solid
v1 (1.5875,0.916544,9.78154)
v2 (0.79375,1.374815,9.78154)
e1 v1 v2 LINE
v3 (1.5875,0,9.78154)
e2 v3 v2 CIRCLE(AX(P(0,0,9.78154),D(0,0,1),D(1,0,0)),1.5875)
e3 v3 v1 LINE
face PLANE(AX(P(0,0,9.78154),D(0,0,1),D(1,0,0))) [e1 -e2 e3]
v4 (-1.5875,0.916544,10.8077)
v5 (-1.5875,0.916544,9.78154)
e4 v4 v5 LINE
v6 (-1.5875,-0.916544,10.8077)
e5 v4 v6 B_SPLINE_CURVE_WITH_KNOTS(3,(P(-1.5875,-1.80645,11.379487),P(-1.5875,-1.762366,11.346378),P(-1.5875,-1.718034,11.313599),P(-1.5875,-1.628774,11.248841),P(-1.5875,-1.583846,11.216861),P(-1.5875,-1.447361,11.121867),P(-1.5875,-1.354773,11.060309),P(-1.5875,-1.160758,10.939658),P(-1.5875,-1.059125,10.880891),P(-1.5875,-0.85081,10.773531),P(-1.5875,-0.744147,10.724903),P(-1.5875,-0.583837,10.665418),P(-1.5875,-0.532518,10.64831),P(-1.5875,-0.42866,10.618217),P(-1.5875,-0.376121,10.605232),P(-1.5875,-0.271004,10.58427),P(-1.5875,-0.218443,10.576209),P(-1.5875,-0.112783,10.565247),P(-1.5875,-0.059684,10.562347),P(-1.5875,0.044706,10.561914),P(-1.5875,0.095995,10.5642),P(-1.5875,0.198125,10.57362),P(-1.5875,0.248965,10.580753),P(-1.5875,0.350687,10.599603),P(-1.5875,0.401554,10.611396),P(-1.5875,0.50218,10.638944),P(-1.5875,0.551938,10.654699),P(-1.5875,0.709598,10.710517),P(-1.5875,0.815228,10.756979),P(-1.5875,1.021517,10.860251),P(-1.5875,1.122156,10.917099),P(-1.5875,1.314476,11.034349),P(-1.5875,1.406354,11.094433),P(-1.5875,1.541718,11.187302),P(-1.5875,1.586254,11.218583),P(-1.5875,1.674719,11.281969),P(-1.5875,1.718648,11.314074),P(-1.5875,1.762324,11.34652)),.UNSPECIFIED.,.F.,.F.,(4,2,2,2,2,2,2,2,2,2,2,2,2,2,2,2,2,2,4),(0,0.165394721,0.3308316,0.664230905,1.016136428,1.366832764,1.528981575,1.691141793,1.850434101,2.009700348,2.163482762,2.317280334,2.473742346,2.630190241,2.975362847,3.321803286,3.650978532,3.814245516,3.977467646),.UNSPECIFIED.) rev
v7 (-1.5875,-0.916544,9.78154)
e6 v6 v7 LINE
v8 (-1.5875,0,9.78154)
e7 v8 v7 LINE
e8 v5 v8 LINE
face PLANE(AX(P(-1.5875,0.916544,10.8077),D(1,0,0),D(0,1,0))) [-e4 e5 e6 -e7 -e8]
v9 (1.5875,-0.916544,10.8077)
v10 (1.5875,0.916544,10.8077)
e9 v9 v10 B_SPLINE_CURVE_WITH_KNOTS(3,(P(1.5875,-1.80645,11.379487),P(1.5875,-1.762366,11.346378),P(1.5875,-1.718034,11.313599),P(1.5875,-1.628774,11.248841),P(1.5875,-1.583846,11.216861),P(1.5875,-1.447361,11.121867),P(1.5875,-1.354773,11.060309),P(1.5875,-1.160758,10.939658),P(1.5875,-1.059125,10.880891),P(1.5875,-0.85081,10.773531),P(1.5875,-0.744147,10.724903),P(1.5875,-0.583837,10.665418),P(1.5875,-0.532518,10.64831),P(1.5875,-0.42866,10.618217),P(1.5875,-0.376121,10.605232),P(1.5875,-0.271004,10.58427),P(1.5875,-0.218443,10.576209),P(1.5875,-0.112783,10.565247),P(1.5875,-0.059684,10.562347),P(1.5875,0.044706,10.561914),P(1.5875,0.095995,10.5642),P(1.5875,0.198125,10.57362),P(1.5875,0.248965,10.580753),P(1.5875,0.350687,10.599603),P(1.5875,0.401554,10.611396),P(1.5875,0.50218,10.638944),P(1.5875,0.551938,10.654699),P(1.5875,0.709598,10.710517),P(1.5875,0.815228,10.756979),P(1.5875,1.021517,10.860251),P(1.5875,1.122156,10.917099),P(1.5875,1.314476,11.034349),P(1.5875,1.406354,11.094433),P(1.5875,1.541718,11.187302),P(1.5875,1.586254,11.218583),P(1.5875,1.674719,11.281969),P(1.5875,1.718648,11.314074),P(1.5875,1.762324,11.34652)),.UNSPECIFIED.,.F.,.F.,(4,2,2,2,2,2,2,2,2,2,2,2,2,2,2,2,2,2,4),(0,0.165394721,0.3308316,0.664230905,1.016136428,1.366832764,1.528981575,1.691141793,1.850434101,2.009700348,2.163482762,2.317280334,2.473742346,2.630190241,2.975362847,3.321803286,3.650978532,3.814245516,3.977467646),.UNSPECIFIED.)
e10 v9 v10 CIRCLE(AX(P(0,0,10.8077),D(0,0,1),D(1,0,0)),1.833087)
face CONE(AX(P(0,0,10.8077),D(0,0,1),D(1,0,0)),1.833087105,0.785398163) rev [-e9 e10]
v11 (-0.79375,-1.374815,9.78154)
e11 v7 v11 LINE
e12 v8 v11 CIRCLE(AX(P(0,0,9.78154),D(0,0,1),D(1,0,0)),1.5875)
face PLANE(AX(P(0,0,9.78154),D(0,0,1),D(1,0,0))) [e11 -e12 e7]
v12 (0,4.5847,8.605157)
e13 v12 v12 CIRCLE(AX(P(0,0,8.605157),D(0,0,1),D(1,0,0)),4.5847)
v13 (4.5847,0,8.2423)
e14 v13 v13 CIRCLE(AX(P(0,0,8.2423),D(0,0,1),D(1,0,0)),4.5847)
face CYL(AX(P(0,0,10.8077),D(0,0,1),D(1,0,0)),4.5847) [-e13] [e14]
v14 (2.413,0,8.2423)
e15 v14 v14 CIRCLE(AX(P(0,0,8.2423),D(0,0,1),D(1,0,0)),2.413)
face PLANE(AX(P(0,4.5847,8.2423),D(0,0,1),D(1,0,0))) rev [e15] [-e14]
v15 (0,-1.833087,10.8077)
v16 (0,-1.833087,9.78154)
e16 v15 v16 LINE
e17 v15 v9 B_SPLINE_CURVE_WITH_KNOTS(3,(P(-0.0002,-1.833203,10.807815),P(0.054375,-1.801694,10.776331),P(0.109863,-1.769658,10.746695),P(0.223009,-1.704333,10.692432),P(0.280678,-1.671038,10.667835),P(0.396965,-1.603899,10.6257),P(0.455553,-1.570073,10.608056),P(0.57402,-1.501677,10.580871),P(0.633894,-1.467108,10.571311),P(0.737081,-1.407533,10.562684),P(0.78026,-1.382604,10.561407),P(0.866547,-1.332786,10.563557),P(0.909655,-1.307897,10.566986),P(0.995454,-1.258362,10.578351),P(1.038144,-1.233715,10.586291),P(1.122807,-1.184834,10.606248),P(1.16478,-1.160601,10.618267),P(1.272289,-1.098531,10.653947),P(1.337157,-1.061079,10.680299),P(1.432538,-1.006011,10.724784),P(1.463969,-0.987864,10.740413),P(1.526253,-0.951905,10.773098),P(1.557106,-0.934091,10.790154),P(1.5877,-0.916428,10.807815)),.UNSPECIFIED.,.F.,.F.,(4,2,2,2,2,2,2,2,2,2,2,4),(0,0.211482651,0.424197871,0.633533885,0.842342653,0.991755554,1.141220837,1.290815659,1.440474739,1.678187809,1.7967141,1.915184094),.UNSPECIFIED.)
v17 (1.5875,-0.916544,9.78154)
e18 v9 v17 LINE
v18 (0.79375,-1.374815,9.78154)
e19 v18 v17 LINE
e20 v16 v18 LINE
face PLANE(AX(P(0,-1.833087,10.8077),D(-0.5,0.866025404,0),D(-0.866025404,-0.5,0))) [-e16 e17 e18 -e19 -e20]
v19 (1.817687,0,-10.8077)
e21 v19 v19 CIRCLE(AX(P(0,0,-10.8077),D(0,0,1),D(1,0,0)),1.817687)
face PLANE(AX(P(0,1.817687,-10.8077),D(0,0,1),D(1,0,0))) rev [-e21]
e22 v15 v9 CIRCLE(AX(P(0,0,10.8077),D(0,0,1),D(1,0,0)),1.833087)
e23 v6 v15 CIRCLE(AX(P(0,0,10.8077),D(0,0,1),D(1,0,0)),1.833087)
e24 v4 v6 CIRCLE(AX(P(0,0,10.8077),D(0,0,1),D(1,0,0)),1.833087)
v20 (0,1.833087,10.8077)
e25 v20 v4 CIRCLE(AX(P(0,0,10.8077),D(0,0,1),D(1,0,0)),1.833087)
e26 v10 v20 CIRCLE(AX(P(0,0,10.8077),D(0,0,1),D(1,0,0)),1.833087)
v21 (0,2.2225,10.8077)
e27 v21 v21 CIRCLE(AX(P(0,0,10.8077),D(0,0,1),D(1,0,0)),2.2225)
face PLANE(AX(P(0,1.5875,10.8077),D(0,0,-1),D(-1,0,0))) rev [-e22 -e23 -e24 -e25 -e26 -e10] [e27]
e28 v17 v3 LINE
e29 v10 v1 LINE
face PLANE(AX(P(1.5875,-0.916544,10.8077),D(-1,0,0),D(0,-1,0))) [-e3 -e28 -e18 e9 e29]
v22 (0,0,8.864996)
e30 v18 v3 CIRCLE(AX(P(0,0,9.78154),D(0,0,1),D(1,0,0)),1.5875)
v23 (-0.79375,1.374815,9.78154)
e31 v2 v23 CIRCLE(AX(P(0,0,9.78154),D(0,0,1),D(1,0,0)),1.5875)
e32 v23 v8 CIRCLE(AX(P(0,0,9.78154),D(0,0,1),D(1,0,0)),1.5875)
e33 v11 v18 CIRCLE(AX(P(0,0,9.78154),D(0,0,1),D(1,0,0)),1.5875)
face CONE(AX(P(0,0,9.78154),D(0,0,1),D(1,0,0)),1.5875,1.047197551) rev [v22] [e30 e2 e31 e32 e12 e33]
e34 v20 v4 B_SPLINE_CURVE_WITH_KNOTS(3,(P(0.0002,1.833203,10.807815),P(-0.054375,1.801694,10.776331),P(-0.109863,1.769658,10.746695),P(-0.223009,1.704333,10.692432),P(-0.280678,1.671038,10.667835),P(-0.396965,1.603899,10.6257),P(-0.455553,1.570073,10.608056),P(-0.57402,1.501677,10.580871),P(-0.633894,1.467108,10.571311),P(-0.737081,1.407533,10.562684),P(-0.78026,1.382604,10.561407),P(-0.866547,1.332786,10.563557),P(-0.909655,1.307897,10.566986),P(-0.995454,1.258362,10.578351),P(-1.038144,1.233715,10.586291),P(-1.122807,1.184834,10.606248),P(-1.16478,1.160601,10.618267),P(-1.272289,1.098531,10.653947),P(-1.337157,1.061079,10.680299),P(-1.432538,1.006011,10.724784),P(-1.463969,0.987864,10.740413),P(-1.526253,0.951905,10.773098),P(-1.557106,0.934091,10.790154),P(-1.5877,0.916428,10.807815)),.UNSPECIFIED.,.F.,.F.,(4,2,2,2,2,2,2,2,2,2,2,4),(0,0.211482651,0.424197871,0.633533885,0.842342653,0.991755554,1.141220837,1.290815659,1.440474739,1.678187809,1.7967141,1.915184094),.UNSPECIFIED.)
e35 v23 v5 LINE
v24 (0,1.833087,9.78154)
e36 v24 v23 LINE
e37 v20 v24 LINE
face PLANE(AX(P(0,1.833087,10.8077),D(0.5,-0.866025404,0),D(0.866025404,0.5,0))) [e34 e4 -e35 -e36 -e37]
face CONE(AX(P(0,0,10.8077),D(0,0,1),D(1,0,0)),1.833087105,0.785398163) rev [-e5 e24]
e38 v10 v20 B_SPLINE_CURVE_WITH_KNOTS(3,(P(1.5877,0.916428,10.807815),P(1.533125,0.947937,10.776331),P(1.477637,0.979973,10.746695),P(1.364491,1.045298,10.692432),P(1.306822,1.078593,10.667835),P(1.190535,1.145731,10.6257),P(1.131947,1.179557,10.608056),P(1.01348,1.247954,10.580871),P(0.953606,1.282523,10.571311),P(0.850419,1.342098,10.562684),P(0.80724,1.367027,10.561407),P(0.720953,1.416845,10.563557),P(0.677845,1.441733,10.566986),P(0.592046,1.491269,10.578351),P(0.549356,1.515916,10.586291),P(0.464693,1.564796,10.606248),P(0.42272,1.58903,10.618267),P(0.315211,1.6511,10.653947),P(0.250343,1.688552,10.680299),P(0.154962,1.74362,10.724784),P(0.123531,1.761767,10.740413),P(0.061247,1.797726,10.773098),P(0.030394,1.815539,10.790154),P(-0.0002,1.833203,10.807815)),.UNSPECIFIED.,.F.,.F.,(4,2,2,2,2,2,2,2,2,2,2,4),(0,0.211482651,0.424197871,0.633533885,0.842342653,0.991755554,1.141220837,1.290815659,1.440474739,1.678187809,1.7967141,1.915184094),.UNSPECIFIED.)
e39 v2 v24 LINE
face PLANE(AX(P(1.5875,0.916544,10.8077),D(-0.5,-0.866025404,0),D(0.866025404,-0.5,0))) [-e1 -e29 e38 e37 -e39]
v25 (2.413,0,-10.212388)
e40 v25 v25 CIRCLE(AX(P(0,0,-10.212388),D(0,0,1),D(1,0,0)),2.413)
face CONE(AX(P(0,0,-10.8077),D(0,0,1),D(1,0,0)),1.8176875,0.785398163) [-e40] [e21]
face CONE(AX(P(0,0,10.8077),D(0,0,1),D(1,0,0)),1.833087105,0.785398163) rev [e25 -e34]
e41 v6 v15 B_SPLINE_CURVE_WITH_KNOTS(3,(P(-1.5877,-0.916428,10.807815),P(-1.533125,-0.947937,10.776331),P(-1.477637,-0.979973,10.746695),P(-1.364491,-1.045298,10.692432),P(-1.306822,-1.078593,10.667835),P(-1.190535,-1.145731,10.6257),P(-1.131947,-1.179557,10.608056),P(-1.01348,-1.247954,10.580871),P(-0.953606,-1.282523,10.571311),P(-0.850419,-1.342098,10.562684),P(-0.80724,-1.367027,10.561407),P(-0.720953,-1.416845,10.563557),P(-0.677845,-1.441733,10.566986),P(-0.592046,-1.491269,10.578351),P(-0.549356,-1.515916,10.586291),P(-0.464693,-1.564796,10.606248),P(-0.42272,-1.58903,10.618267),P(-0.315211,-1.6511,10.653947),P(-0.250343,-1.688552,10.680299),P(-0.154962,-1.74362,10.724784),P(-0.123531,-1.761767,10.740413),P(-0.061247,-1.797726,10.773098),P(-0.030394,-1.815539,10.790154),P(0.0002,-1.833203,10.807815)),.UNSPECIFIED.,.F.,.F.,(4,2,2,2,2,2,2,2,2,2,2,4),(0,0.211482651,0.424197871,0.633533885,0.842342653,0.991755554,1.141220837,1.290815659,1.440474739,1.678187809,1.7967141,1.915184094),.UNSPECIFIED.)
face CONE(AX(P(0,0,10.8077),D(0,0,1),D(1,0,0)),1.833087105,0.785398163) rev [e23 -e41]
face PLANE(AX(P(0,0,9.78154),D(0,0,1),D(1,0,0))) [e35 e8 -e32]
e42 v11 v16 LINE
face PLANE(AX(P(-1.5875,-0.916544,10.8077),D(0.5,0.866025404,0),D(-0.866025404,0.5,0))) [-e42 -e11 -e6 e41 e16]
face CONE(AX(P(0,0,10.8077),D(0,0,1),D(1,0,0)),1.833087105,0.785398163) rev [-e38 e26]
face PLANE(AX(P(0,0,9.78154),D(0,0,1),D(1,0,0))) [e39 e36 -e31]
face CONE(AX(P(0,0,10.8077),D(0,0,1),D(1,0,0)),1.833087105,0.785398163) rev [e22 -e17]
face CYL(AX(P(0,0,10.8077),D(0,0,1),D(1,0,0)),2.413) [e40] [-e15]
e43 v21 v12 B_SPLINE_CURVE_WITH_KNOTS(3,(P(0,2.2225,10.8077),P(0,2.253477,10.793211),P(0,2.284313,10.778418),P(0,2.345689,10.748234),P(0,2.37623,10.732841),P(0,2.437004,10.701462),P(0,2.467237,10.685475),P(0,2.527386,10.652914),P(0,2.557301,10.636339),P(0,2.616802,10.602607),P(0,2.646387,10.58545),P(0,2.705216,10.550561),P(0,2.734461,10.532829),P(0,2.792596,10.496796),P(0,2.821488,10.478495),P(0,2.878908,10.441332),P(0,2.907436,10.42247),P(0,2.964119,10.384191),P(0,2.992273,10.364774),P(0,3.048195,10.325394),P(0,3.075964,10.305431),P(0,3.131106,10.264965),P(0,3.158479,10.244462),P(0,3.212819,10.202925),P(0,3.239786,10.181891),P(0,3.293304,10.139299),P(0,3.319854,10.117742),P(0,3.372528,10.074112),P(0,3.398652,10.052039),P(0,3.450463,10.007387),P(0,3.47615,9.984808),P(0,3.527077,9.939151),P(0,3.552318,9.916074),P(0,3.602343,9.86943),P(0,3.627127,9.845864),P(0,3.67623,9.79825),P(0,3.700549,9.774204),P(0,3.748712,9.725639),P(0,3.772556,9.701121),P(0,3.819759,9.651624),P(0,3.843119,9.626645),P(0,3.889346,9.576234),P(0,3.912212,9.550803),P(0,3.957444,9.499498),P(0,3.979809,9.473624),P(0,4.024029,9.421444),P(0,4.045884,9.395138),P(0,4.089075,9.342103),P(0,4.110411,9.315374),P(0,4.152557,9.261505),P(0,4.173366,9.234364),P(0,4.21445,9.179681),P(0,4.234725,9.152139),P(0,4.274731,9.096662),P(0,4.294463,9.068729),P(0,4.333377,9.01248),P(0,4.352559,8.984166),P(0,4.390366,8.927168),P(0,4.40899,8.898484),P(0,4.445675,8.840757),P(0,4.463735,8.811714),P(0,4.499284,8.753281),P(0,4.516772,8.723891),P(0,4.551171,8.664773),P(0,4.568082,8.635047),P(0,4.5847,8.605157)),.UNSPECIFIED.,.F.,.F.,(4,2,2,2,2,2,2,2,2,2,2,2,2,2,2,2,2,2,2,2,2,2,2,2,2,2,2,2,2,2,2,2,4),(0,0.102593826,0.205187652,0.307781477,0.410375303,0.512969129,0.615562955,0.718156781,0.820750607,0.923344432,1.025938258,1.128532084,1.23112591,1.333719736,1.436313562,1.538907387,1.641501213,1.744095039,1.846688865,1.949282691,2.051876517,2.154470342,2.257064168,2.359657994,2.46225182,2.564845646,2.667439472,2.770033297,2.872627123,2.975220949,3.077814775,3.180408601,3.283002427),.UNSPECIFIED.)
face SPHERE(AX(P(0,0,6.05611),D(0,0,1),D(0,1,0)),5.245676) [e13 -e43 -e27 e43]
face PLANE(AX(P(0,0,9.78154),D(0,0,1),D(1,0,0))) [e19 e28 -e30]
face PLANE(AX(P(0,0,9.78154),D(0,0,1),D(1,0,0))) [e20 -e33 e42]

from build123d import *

# Parameters (mm, degrees)
CUT_EXTRUDE1_START = 9.78154
CUT_EXTRUDE1_DEPTH = 3.821845556


with BuildPart() as part:
    # Sketch2 → Revolve1 (revolve)
    with BuildSketch(Plane(origin=(0, 0, 0), x_dir=(0, 0, -1), z_dir=(1, 0, 0)), mode=Mode.PRIVATE) as revolve1_sk:
        with BuildLine():
            Line((-10.8077, 1.5875), (-10.8077, 2.2225))
            ThreePointArc((-10.8077, 2.2225), (-9.892752118, 3.57733025), (-8.605157143, 4.5847))
            Line((-8.605157143, 4.5847), (-8.2423, 4.5847))
            Line((-8.2423, 4.5847), (-8.2423, 2.413))
            Line((-8.2423, 2.413), (10.2123875, 2.413))
            Line((10.2123875, 2.413), (10.8077, 1.8176875))
            Line((10.8077, 1.8176875), (10.8077, 0))
            Line((10.8077, 0), (-8.864996448, 0))
            Line((-8.864996448, 0), (-9.78154, 1.5875))
            Line((-9.78154, 1.5875), (-10.8077, 1.5875))
        make_face()
    revolve(revolve1_sk.sketch.rotate(Axis((0, 0, 10.8077), (0, 0, -1)), 90), axis=Axis((0, 0, 10.8077), (0, 0, -1)))

    # Sketch3 → Cut-Extrude1 (cut, through all)
    with BuildSketch(Plane.XY.offset(CUT_EXTRUDE1_START)):
        Polygon((0, 1.833087105), (-1.5875, 0.916543552), (-1.5875, -0.916543552), (0, -1.833087105), (1.5875, -0.916543552), (1.5875, 0.916543552), align=None)
    extrude(amount=CUT_EXTRUDE1_DEPTH, mode=Mode.SUBTRACT)

    # Cut-Extrude2 cone 1 section (through the dimple's axis) → Cut-Extrude2 (revolve, cut)
    with BuildSketch(Plane(origin=(0, 0, 10.8077), x_dir=(0, -1, 0), z_dir=(1, 0, 0))):
        Polygon((0, 0), (1.833087105, 0), (0, 1.833087105), align=None)
    revolve(axis=Axis((0, 0, 10.8077), (0, 0, -1)), mode=Mode.SUBTRACT)


solid = part.part
